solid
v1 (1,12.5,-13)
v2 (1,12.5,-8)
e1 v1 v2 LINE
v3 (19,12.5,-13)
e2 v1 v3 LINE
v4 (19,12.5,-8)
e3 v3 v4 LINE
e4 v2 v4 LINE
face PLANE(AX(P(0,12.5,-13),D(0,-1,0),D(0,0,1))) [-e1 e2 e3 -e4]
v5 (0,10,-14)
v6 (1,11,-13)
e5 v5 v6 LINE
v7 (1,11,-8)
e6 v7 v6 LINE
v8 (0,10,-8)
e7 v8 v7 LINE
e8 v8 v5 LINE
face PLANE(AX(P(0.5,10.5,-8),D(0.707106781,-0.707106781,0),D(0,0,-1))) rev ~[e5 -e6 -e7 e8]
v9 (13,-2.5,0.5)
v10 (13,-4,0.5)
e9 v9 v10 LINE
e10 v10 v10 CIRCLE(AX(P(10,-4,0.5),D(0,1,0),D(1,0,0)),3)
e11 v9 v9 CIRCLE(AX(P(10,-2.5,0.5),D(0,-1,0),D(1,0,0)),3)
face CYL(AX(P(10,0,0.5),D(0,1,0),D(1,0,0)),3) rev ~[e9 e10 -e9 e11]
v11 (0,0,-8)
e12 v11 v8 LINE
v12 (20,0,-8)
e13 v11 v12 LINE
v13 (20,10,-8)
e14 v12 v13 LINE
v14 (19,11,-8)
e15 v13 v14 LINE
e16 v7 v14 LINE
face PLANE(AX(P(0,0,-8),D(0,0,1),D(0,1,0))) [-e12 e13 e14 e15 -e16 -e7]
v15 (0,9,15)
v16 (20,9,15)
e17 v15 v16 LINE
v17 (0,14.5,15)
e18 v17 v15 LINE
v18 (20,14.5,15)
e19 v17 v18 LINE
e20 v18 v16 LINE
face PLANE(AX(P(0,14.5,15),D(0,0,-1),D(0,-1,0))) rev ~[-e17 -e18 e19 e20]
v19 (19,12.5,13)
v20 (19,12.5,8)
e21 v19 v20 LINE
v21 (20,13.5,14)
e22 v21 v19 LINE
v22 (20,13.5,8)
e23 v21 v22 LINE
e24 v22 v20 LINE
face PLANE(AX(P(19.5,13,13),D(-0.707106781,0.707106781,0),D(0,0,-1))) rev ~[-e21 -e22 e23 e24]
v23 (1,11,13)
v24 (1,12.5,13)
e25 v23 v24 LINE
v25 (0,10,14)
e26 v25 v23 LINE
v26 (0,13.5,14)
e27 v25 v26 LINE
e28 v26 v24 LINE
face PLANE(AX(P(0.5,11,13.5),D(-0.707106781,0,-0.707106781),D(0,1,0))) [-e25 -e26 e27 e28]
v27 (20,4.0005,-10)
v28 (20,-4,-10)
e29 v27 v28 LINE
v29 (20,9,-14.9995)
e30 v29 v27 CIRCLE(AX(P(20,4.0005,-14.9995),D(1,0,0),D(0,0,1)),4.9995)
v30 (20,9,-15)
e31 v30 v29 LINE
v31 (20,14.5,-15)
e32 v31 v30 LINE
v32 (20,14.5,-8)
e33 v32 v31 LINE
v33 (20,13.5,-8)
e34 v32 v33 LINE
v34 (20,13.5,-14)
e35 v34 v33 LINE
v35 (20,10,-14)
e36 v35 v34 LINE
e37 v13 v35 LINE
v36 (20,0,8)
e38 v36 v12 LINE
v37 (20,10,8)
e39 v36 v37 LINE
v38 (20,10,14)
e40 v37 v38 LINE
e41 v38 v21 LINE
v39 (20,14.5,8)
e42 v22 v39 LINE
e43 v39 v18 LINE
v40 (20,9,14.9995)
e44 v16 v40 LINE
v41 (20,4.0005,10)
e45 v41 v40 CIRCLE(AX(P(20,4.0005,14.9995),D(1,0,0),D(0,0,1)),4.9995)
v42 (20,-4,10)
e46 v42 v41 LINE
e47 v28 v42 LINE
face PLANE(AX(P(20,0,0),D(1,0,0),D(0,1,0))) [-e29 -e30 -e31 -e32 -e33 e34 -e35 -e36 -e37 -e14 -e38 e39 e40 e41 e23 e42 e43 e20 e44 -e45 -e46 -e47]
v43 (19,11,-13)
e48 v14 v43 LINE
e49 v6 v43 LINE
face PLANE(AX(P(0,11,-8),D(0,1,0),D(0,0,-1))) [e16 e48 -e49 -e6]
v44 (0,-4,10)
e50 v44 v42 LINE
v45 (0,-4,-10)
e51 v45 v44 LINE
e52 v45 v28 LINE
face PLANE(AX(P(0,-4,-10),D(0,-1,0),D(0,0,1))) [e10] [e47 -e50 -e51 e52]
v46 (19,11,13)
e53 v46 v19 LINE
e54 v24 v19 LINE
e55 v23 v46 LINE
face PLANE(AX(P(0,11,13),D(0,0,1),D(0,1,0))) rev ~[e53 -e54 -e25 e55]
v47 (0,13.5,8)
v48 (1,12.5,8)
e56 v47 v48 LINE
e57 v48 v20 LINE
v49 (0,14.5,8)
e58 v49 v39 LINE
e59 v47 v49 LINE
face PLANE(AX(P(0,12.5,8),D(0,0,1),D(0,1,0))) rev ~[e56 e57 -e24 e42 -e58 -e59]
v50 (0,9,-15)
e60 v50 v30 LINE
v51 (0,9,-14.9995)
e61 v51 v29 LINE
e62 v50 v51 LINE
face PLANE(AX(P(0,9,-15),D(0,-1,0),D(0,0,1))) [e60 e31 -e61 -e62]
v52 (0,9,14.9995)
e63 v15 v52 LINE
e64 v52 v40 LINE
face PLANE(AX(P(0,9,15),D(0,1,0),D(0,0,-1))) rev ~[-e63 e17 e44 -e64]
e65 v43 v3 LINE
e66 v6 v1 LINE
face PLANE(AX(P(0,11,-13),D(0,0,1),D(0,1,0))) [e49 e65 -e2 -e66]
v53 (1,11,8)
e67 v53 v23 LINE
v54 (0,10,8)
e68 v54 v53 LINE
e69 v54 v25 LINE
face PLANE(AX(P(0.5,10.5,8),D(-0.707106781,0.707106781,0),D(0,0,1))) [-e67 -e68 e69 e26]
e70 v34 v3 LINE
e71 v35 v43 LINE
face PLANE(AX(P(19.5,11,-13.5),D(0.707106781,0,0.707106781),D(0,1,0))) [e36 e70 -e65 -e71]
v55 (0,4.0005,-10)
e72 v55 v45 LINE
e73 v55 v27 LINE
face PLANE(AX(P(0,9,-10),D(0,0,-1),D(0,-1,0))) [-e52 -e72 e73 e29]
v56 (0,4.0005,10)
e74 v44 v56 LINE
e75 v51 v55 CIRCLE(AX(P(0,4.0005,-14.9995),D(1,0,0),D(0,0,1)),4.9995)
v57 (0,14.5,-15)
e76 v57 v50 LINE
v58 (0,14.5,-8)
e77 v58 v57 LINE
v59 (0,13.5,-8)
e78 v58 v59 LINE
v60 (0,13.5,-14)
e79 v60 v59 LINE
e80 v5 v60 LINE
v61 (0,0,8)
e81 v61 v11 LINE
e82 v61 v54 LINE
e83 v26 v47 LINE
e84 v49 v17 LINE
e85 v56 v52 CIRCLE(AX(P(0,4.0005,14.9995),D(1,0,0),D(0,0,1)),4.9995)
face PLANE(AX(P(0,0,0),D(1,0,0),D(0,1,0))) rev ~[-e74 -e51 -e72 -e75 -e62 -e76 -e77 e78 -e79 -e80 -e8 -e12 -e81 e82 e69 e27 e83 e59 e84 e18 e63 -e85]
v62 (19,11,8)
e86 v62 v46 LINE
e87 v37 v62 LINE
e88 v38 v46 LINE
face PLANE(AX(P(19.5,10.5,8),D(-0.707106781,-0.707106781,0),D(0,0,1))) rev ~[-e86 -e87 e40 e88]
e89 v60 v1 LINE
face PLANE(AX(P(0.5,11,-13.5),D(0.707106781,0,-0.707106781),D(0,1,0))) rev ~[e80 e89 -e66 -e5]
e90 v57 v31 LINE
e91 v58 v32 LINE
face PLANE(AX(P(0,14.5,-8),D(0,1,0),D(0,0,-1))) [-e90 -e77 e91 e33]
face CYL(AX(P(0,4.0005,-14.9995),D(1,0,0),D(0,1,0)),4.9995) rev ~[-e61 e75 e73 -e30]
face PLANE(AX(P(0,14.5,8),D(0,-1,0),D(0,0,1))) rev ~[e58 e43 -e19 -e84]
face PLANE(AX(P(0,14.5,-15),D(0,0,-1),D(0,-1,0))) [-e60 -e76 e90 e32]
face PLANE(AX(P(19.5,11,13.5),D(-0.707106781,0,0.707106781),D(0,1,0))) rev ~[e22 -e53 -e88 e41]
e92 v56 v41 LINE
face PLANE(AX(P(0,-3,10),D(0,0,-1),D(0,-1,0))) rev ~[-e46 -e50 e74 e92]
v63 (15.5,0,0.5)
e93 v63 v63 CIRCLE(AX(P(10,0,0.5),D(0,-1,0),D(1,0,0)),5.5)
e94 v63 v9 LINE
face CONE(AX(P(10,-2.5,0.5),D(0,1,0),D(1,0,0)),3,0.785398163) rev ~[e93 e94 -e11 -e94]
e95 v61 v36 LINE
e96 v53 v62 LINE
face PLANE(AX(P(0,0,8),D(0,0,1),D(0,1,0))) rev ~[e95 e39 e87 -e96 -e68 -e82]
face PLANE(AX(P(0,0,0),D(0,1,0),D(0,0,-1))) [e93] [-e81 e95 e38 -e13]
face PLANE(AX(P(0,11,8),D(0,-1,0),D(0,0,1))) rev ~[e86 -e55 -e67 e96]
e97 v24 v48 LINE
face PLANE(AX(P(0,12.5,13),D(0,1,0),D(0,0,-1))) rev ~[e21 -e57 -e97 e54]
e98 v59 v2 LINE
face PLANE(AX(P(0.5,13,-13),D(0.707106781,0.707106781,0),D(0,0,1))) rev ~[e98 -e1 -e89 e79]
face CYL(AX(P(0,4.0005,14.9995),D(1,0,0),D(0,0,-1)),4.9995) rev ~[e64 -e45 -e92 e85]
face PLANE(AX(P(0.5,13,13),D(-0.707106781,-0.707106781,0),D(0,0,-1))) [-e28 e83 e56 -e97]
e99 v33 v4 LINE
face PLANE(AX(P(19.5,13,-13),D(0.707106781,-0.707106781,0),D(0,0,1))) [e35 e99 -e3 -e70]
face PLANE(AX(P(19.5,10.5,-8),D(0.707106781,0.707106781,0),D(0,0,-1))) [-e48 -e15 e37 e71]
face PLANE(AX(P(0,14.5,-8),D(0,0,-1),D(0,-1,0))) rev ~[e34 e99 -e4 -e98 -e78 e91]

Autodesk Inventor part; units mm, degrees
ref_plane "YZ Plane" through (0, 0, 0) normal (1, 0, 0) x (0, 1, 0)
ref_plane "XZ Plane" through (0, 0, 0) normal (0, 1, 0) x (-1, 0, 0)
ref_plane "XY Plane" through (0, 0, 0) normal (0, 0, 1) x (1, 0, 0)
sketch "Sketch1" plane through (0, 0, 0) normal (1, 0, 0) x (0, 1, 0)
  line L0 (0, 8) -> (0, -8)
  line L1 (0, -8) -> (11, -8)
  line L2 (0, 8) -> (11, 8)
  line L3 (11, 8) -> (11, 13)
  line L4 (11, 13) -> (12.5, 13)
  line L5 (12.5, 13) -> (12.5, 8)
  line L6 (12.5, 8) -> (14.5, 8)
  line L7 (14.5, 8) -> (14.5, 15)
  line L8 (14.5, 15) -> (9, 15)
  line L9 (9, 15) -> (9, 10)
  line L10 (9, 10) -> (-3, 10)
  line L11 (-3, 10) -> (-4, 10)
  line L12 (-4, 10) -> (-4, 2.5)
  line L13 (0, 0) -> (3.5, 0)
  line L14 (0, -8) -> (11, -8)
  line L15 (11, -8) -> (11, -13)
  line L16 (11, -13) -> (12.5, -13)
  line L17 (12.5, -13) -> (12.5, -8)
  line L18 (14.5, -8) -> (14.5, -15)
  line L19 (14.5, -15) -> (9, -15)
  line L20 (9, -15) -> (9, -10)
  line L21 (9, -10) -> (-3, -10)
  line L22 (-3, -10) -> (-4, -10)
  line L23 (-4, -10) -> (-4, 2.5)
  line L24 (14.5, -8) -> (12.5, -8)
  point P0 (11.75, -15)
  point P1 (11.75, -13)
  dimension "d0" = 16
  dimension "d1" = 0
  dimension "d2" = 11
  dimension "d3" = 11
  dimension "d4" = 5
  dimension "d5" = 1.5
  dimension "d6" = 2
  dimension "d7" = 7
  dimension "d8" = 5.5
  dimension "d9" = 5
  dimension "d10" = 1
  dimension "d13" = 2
  dimension "d14" = 4
extrude "Extrusion1" add sketch "Sketch1" along normal blind 20
fillet "Fillet1" radius 5 2 edges at (10, 9, -10) (10, 9, 10)
chamfer "Chamfer1" distance 1 angle 45 12 edges at (20, 11, -10.5) (20, 11.75, -13) (20, 12.5, -10.5) (20, 11, 10.5) (20, 11.75, 13) (20, 12.5, 10.5) (0, 11, -10.5) (0, 11.75, -13) (0, 12.5, -10.5) (0, 11, 10.5) (0, 11.75, 13) (0, 12.5, 10.5)
sketch "Sketch2" plane through (0, 0, 8) normal (0, 1, 0) x (1, 0, 0)
  circle A0 centre (10, 7.5) radius 3
  line L0 (20, 16) -> (20, 0) projected
  line L1 (0, -7) -> (20, -7) projected
  line L2 (0, 0) -> (20, 0) projected
  point P0 (0, 8)
  dimension "d19" = 6
  dimension "d20" = 10
  dimension "d27" = 7.5
extrude "Extrusion2" cut sketch "Sketch2" against normal blind 20
chamfer "Chamfer2" distance 2.5 angle 45 1 edges at (7, 0, 0.5)
properties part number "Drziak_2"
